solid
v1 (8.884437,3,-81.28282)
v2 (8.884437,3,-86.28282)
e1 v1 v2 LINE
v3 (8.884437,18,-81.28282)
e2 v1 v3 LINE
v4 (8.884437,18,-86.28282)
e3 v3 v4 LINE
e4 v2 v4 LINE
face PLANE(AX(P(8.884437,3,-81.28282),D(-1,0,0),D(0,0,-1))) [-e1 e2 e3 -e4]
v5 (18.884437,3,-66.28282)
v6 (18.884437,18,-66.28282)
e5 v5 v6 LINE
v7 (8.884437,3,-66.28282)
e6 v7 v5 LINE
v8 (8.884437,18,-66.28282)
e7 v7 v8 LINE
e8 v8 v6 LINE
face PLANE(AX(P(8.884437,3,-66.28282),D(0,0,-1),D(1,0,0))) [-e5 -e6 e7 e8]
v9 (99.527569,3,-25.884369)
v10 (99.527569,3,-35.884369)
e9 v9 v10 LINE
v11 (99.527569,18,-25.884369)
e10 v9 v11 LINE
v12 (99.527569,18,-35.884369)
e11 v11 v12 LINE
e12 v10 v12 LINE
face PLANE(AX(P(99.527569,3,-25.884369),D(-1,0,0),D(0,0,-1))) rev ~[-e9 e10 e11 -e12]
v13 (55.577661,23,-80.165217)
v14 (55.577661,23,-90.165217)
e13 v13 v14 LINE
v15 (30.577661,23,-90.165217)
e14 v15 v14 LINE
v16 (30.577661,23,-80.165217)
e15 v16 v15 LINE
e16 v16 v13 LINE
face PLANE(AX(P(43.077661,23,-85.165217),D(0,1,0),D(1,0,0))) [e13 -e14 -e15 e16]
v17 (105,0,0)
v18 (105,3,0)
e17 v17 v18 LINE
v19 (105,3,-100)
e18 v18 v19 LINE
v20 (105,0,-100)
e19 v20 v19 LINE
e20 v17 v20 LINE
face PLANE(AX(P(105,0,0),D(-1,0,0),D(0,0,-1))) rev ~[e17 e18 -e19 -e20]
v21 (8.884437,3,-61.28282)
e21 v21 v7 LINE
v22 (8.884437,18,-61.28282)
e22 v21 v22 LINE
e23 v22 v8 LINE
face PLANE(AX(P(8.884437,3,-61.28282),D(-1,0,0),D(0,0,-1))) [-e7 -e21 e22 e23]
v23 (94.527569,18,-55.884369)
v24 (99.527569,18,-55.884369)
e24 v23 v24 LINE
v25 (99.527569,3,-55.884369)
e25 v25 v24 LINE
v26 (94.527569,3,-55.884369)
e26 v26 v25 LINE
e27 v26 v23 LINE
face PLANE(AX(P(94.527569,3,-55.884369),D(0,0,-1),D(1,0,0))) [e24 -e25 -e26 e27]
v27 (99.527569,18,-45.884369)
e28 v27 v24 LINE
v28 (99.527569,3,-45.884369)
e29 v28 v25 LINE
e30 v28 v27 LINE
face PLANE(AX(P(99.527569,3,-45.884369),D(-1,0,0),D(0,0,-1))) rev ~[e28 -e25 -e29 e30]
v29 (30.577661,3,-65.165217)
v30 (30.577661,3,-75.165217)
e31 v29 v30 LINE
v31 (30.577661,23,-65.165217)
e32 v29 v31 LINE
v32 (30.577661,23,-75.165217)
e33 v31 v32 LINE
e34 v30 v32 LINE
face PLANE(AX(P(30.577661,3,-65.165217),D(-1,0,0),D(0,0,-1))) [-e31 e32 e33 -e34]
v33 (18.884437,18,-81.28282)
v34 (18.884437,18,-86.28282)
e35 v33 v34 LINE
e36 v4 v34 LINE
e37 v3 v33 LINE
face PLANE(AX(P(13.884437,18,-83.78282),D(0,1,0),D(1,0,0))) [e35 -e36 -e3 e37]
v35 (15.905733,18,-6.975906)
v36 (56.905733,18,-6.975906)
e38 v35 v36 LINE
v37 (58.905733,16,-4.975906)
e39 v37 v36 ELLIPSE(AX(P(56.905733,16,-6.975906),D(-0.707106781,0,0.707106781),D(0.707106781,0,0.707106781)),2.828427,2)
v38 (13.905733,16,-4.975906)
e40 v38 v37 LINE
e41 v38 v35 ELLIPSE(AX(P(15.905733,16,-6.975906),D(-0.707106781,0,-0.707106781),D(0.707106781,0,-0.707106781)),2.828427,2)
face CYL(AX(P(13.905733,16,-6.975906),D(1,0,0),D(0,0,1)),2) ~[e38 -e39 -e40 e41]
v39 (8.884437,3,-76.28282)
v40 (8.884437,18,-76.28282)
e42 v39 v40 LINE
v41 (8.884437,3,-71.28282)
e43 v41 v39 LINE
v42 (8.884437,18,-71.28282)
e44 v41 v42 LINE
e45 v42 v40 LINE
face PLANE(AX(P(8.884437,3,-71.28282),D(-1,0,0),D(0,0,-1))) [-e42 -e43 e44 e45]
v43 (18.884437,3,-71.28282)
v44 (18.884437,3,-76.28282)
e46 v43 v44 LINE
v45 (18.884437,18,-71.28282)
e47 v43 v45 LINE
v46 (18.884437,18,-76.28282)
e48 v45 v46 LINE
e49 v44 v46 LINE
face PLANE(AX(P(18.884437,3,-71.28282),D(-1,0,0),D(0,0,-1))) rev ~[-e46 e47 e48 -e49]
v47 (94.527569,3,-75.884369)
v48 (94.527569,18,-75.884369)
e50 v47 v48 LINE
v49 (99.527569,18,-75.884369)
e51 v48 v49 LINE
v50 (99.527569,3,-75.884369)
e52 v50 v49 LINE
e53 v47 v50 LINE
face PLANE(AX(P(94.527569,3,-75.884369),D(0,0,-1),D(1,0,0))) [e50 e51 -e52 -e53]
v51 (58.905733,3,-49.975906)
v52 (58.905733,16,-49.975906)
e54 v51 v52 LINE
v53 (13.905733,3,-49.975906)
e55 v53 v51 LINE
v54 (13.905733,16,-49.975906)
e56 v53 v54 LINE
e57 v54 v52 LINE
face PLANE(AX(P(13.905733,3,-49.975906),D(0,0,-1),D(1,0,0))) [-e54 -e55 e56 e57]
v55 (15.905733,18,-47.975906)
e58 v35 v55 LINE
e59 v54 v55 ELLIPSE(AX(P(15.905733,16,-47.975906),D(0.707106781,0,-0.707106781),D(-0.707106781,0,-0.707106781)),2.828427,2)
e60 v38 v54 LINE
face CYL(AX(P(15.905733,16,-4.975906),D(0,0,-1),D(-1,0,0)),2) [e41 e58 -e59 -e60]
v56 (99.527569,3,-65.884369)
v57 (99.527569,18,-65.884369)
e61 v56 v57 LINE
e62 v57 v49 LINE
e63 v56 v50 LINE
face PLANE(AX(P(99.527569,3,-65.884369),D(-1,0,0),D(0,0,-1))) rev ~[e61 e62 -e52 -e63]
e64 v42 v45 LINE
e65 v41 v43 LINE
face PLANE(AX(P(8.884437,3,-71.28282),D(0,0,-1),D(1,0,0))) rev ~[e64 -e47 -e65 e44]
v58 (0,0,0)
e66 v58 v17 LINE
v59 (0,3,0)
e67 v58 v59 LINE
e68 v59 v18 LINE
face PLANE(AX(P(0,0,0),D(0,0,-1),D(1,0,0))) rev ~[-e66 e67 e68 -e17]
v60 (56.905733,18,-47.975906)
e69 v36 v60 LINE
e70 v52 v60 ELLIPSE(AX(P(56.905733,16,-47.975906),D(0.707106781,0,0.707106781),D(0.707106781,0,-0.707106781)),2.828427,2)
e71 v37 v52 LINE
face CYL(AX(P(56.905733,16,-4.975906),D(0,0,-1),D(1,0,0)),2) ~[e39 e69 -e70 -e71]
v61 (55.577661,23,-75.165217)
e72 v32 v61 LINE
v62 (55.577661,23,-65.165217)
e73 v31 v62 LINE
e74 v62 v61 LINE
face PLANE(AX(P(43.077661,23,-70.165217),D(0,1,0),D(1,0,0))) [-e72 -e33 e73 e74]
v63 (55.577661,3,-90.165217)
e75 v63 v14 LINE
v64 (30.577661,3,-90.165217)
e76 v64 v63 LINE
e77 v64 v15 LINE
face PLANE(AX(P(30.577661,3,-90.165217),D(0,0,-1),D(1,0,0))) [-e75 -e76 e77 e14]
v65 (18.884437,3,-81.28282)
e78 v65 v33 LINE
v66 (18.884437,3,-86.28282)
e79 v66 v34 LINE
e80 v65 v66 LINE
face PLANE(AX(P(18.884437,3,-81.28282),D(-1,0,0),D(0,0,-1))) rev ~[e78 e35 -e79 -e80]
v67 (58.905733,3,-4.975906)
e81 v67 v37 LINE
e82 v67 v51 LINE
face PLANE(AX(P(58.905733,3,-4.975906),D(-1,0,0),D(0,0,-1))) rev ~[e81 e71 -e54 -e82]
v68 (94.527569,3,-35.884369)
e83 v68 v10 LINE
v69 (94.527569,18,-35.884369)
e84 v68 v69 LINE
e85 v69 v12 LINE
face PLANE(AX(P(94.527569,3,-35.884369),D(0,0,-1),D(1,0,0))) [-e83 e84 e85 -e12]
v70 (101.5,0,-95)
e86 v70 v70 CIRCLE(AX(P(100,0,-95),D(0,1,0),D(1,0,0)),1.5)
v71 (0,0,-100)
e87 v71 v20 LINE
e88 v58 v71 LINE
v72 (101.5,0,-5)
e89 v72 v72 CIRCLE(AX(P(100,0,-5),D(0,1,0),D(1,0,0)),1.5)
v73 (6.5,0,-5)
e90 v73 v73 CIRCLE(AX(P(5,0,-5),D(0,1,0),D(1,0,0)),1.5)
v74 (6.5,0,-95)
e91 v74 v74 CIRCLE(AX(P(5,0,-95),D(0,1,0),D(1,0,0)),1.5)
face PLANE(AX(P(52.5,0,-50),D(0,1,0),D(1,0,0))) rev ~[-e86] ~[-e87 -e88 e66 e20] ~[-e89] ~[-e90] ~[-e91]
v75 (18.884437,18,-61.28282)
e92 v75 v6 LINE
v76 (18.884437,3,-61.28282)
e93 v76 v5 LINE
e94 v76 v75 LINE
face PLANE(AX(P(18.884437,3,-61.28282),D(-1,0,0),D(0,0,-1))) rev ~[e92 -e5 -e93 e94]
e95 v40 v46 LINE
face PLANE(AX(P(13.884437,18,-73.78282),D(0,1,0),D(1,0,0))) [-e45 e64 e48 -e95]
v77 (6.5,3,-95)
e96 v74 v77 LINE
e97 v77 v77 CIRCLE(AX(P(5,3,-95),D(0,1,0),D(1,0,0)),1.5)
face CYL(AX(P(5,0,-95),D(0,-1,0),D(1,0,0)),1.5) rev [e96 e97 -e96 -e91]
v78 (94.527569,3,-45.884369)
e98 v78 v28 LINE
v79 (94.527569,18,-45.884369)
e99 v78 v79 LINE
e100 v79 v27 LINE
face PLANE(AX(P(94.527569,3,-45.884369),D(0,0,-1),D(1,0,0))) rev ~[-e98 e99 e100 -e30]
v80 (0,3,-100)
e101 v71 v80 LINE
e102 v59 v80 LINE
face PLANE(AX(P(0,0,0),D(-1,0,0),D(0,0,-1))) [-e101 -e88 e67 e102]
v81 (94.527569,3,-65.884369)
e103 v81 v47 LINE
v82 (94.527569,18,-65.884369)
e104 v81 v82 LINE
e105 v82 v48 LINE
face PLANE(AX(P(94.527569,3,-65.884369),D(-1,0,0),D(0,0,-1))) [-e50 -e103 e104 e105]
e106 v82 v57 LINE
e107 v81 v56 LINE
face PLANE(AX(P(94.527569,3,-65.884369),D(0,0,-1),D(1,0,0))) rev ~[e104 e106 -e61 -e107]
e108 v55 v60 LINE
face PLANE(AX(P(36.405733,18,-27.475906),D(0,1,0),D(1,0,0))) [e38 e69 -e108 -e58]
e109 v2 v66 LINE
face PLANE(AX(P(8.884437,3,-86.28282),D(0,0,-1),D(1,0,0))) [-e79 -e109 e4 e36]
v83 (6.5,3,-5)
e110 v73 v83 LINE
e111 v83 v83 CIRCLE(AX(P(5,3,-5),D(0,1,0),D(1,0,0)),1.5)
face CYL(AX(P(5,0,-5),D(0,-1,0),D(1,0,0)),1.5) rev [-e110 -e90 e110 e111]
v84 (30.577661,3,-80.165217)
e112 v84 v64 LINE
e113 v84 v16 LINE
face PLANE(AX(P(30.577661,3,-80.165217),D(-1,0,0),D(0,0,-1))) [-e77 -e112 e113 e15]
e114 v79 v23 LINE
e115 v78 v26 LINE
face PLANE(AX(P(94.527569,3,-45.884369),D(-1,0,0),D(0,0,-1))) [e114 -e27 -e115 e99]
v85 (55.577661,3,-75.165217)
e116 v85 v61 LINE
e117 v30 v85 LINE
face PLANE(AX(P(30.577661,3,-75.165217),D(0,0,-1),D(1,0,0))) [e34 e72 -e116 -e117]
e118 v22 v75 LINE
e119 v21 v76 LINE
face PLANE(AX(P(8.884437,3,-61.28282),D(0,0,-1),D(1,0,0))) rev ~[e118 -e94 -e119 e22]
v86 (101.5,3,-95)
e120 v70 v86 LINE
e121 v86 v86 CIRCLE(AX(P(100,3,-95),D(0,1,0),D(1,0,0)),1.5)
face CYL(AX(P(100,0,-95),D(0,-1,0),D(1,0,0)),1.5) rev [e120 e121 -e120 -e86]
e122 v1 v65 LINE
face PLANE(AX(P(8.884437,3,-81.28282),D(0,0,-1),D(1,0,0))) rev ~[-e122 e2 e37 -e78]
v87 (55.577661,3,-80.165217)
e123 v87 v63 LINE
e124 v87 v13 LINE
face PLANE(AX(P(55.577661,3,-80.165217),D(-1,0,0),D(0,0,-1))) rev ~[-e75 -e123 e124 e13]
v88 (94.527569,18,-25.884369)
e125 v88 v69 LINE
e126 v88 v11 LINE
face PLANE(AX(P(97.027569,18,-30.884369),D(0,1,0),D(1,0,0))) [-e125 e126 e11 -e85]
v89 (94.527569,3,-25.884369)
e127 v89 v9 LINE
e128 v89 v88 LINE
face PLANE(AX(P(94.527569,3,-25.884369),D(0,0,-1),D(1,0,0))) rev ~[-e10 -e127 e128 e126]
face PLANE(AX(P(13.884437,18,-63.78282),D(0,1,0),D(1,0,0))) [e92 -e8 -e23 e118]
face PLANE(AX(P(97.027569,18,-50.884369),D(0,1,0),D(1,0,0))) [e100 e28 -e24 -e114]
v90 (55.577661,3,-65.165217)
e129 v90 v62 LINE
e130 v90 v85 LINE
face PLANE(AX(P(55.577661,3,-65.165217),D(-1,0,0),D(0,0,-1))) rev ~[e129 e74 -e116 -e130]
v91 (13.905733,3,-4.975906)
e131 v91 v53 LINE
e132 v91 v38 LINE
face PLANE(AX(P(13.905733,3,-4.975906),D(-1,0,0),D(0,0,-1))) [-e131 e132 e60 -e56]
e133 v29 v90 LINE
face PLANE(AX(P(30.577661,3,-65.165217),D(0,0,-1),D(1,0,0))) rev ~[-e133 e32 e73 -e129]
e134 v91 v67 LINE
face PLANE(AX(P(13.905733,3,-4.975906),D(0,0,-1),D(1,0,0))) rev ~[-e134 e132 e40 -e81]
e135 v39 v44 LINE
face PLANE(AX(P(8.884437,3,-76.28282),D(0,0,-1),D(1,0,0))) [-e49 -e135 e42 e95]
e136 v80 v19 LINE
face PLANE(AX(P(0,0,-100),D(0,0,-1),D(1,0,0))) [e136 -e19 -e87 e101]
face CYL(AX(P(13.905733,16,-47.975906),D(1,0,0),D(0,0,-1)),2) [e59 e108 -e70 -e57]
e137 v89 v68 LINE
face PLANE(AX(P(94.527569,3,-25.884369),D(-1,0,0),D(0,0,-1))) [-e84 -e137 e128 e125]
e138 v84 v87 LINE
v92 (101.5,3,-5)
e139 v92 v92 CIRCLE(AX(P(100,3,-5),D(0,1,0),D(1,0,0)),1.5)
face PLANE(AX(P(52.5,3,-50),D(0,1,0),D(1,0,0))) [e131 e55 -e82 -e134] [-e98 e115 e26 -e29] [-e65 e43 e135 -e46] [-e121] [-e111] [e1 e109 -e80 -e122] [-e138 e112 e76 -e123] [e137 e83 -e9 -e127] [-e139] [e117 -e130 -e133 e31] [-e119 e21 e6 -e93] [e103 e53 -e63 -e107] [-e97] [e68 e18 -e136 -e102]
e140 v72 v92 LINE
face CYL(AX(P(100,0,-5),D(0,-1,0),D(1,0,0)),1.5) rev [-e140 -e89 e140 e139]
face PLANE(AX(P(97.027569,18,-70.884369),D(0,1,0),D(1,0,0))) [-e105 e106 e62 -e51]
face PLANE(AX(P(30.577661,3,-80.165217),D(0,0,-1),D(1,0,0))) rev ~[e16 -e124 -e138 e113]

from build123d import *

# Parameters (mm, degrees)
ESQUISSE1_W      = 105
ESQUISSE1_H      = 100
ESQUISSE1_R      = 1.5
EXTRUSION1_DEPTH = 3
ESQUISSE2_W      = 45
ESQUISSE2_H      = 45
EXTRUSION2_DEPTH = 15
CONG_1_R         = 2
ESQUISSE3_W      = 5
ESQUISSE3_H      = 10
ESQUISSE3_W_2    = 10
ESQUISSE3_H_2    = 5
EXTRUSION3_DEPTH = 15
ESQUISSE4_W      = 25
ESQUISSE4_H      = 10
EXTRUSION4_DEPTH = 20


with BuildPart() as part:
    # Esquisse1 → Extrusion1 (new body)
    with BuildSketch(Plane(origin=(0, 0, 0), x_dir=(1, 0, 0), z_dir=(0, 1, 0))):
        with Locations((52.5, 50)):
            Rectangle(ESQUISSE1_W, ESQUISSE1_H)
        with Locations((5, 95)):
            Circle(ESQUISSE1_R, mode=Mode.SUBTRACT)
        with Locations((100, 95)):
            Circle(ESQUISSE1_R, mode=Mode.SUBTRACT)
        with Locations((100, 5)):
            Circle(ESQUISSE1_R, mode=Mode.SUBTRACT)
        with Locations((5, 5)):
            Circle(ESQUISSE1_R, mode=Mode.SUBTRACT)
    extrude(amount=EXTRUSION1_DEPTH)

    # Esquisse2 → Extrusion2 (add)
    with BuildSketch(Plane(origin=(0, 3, 0), x_dir=(1, 0, 0), z_dir=(0, 1, 0))):
        with Locations((36.405733266, 27.475906062)):
            Rectangle(ESQUISSE2_W, ESQUISSE2_H)
    extrude(amount=EXTRUSION2_DEPTH)

    # Congé1
    cong_1_edges = [part.edges().sort_by_distance(p)[0] for p in [
        (13.905733266, 18, -27.475906062),
        (36.405733266, 18, -4.975906062),
        (58.905733266, 18, -27.475906062),
        (36.405733266, 18, -49.975906062),
    ]]
    fillet(cong_1_edges, radius=CONG_1_R)

    # Esquisse3 → Extrusion3 (add)
    with BuildSketch(Plane(origin=(0, 3, 0), x_dir=(1, 0, 0), z_dir=(0, 1, 0))):
        with Locations((97.027568737, 70.884369428)):
            Rectangle(ESQUISSE3_W, ESQUISSE3_H)
        with Locations((13.884436985, 83.782819762)):
            Rectangle(ESQUISSE3_W_2, ESQUISSE3_H_2)
        with Locations((13.884436985, 73.782819762)):
            Rectangle(ESQUISSE3_W_2, ESQUISSE3_H_2)
        with Locations((13.884436985, 63.782819762)):
            Rectangle(ESQUISSE3_W_2, ESQUISSE3_H_2)
        with Locations((97.027568737, 50.884369428)):
            Rectangle(ESQUISSE3_W, ESQUISSE3_H)
        with Locations((97.027568737, 30.884369428)):
            Rectangle(ESQUISSE3_W, ESQUISSE3_H)
    extrude(amount=EXTRUSION3_DEPTH)

    # Esquisse4 → Extrusion4 (add)
    with BuildSketch(Plane(origin=(0, 3, 0), x_dir=(1, 0, 0), z_dir=(0, 1, 0))):
        with Locations((43.077660713, 85.165216912)):
            Rectangle(ESQUISSE4_W, ESQUISSE4_H)
        with Locations((43.077660713, 70.165216912)):
            Rectangle(ESQUISSE4_W, ESQUISSE4_H)
    extrude(amount=EXTRUSION4_DEPTH)


solid = part.part
